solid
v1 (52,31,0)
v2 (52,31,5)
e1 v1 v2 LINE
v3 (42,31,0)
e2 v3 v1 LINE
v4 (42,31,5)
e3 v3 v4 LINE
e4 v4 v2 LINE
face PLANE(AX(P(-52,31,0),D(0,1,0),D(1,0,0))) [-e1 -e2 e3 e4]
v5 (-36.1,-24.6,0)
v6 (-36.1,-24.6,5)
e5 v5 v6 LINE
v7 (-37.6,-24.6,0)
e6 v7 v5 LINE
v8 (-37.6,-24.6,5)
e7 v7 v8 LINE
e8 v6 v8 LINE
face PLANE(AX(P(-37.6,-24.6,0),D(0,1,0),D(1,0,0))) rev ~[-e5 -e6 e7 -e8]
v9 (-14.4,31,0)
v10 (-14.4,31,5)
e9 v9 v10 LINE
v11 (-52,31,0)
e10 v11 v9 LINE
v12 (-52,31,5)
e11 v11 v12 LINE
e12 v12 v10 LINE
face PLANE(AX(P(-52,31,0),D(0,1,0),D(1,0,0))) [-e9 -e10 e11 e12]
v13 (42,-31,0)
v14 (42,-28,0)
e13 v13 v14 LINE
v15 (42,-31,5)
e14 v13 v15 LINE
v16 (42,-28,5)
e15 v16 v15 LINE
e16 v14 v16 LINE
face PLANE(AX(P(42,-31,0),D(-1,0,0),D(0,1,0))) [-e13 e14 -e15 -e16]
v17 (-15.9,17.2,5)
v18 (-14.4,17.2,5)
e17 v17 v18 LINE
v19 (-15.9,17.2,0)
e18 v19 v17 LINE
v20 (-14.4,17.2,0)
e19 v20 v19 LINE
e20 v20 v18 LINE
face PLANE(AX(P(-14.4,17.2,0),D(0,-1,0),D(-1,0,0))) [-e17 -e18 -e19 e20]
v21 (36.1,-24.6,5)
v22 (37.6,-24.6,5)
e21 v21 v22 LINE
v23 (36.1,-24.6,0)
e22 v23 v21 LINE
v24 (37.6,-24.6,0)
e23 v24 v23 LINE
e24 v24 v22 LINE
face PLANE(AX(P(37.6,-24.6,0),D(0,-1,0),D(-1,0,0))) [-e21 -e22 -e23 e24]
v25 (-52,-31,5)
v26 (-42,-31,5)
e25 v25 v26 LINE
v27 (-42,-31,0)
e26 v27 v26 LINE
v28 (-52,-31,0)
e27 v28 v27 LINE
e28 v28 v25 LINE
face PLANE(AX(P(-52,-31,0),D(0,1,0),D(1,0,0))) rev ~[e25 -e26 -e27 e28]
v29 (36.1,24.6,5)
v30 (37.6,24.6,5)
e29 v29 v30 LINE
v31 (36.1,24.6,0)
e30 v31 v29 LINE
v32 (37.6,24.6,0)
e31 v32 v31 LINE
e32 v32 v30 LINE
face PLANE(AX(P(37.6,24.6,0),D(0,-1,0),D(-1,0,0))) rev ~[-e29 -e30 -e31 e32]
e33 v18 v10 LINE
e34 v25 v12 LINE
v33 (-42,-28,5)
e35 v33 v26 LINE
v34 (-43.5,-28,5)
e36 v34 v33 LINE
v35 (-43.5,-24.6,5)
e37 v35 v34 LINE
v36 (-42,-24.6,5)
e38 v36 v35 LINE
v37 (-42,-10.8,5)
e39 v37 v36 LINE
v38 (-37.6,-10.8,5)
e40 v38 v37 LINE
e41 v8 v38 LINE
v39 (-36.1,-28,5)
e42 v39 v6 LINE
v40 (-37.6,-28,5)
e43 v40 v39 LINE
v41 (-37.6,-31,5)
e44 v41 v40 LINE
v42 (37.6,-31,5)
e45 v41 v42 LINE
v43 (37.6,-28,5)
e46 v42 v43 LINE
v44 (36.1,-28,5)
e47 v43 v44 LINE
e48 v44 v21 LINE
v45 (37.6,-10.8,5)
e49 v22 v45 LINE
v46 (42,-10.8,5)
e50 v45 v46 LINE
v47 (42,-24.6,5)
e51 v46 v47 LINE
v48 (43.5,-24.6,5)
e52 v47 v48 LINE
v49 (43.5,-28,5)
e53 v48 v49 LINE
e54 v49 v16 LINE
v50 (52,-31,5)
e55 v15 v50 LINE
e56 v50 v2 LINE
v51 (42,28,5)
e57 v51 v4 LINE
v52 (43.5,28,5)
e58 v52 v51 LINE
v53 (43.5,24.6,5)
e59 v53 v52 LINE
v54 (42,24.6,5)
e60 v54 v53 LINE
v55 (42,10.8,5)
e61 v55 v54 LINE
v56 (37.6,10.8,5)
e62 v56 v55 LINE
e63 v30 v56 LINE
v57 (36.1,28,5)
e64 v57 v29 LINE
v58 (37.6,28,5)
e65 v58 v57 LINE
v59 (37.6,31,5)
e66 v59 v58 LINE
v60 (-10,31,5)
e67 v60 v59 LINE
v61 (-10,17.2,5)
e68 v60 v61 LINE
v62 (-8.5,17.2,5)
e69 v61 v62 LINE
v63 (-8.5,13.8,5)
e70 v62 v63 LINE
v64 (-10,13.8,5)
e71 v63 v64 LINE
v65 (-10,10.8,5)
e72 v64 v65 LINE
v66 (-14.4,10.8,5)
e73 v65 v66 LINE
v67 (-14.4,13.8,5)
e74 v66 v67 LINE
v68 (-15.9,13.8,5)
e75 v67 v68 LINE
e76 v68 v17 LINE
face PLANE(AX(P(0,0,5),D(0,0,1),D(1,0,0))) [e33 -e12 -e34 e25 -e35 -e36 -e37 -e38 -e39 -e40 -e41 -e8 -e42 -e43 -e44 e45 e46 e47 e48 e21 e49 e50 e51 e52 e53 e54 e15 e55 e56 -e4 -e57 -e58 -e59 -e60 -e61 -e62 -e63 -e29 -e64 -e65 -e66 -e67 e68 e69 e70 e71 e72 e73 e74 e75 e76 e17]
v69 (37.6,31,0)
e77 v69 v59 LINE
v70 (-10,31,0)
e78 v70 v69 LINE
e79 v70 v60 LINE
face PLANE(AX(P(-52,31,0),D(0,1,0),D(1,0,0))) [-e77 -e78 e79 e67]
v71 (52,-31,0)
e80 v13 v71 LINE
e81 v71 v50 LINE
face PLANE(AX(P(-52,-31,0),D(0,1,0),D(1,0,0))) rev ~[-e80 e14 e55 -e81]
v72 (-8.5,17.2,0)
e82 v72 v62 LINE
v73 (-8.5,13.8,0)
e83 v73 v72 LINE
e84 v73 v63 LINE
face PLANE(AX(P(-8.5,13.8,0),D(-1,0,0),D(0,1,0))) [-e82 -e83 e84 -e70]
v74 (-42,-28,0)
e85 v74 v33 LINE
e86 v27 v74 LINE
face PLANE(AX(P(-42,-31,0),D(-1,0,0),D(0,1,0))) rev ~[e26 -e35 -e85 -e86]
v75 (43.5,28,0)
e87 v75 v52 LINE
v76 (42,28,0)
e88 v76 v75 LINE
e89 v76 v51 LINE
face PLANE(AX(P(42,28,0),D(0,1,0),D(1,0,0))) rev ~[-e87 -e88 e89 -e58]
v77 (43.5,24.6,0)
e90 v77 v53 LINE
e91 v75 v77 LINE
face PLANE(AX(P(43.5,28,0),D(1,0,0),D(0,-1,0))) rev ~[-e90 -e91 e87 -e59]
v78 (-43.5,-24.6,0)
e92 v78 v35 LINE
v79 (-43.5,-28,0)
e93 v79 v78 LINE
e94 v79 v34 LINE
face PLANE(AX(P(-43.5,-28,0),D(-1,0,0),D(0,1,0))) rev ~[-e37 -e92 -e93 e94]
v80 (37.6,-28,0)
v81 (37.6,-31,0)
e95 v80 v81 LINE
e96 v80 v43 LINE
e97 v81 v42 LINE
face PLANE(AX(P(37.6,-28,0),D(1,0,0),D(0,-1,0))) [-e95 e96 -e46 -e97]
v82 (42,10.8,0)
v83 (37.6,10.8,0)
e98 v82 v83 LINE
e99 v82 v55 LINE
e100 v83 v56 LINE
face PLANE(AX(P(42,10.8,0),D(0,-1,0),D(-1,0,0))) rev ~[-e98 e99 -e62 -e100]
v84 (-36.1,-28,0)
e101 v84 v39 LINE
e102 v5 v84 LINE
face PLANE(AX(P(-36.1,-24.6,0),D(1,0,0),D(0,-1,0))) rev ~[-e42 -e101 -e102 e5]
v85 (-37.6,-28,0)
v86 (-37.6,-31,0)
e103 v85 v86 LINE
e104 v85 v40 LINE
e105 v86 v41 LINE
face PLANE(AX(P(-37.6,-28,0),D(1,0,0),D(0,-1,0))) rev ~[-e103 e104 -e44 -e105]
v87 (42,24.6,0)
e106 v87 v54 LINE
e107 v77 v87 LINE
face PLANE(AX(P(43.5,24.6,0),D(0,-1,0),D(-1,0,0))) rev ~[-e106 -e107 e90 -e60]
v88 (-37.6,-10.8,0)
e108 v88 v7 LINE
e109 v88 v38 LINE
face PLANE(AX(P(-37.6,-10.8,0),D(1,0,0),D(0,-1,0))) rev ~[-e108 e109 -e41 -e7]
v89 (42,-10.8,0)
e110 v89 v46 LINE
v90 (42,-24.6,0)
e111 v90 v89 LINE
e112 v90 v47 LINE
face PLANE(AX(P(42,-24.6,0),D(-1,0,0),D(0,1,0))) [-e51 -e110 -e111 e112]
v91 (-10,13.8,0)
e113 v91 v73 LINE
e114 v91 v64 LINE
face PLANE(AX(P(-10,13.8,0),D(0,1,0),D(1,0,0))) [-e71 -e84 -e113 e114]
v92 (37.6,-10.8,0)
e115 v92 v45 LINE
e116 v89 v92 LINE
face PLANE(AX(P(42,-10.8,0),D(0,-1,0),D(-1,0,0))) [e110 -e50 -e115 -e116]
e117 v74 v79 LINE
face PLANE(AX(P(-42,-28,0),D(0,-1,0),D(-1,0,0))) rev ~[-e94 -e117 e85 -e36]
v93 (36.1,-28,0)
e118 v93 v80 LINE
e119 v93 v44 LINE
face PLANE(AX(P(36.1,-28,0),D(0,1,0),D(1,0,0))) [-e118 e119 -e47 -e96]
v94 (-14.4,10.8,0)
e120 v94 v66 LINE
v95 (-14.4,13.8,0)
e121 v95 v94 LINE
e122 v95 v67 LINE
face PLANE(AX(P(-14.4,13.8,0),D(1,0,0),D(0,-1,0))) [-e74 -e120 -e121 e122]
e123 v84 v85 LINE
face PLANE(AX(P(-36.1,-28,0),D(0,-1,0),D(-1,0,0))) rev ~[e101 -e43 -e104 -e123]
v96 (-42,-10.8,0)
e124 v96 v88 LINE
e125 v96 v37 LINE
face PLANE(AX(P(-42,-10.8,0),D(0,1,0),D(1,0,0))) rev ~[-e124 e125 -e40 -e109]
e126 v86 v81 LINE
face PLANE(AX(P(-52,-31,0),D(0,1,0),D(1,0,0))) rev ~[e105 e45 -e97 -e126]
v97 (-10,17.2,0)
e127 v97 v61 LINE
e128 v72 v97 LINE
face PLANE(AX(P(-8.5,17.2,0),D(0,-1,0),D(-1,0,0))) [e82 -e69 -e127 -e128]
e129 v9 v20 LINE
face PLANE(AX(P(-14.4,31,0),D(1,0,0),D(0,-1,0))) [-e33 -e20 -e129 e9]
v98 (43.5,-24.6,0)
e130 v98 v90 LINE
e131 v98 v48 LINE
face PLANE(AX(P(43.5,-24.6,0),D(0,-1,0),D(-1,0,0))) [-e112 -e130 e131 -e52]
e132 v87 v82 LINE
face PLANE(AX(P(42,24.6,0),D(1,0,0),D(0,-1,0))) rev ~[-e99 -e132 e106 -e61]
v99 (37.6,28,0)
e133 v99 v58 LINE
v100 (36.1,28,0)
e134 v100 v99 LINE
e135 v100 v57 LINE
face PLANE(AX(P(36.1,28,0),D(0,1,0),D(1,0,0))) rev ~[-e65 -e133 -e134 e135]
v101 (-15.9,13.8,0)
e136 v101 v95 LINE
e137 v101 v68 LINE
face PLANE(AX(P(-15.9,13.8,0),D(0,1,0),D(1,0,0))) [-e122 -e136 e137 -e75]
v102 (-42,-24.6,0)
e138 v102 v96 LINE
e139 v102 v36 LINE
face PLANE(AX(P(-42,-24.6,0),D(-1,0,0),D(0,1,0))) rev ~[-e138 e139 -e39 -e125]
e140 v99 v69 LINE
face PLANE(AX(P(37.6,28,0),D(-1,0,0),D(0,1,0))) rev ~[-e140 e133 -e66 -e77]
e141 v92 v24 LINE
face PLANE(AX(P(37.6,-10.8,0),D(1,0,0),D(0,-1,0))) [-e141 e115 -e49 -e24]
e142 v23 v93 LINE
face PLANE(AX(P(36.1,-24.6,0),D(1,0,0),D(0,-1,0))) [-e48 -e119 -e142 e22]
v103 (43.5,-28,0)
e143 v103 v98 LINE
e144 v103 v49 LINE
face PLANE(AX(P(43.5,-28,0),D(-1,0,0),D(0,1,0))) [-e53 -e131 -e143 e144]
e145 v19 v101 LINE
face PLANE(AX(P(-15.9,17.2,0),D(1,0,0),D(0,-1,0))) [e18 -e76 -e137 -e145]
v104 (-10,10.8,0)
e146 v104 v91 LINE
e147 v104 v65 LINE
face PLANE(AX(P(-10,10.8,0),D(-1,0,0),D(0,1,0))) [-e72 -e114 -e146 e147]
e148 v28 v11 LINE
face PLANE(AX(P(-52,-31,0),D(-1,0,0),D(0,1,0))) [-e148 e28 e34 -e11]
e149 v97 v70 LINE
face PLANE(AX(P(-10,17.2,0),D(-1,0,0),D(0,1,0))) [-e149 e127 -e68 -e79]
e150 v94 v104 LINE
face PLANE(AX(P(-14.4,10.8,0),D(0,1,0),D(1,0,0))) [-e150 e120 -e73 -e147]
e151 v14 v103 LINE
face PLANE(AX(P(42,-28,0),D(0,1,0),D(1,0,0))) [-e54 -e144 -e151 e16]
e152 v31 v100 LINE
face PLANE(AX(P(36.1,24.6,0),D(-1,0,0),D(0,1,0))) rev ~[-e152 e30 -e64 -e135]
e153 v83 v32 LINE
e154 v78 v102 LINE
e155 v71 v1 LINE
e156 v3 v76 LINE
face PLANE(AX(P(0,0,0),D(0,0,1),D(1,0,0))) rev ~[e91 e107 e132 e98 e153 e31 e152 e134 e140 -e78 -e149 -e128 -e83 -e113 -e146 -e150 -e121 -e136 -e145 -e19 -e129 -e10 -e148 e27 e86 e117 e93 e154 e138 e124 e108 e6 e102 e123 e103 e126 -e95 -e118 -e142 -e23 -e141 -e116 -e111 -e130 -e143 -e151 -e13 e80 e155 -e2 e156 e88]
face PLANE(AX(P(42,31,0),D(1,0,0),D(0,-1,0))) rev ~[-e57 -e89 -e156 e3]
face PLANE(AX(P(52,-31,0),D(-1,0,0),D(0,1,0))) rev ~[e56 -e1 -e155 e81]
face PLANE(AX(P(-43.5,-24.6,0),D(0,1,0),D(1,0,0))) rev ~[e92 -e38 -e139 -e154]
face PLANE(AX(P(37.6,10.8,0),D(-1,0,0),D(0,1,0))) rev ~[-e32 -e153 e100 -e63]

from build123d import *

# Parameters (mm, degrees)
SKETCH1_W           = 104
SKETCH1_H           = 62
BOSS_EXTRUDE1_DEPTH = 5
CUT_EXTRUDE1_DEPTH  = 10


with BuildPart() as part:
    # Sketch1 → Boss-Extrude1 (new body)
    with BuildSketch(Plane.XY):
        Rectangle(SKETCH1_W, SKETCH1_H)
    extrude(amount=BOSS_EXTRUDE1_DEPTH)

    # Sketch2 → Cut-Extrude1 (cut)
    with BuildSketch(Plane(origin=(0, 0, 0), x_dir=(-1, 0, 0), z_dir=(0, 0, -1))):
        Polygon((-37.6, -28), (-37.6, -31), (-42, -31), (-42, -28), (-43.5, -28), (-43.5, -24.6), (-42, -24.6), (-42, -10.8), (-37.6, -10.8), (-37.6, -24.6), (-36.1, -24.6), (-36.1, -28), align=None)
        Polygon((42, -31), (42, -28), (43.5, -28), (43.5, -24.6), (42, -24.6), (42, -10.8), (37.6, -10.8), (37.6, -24.6), (36.1, -24.6), (36.1, -28), (37.6, -28), (37.6, -31), align=None)
        Polygon((-42, 31), (-42, 28), (-43.5, 28), (-43.5, 24.6), (-42, 24.6), (-42, 10.8), (-37.6, 10.8), (-37.6, 24.6), (-36.1, 24.6), (-36.1, 28), (-37.6, 28), (-37.6, 31), align=None)
        Polygon((14.4, 13.8), (14.4, 10.8), (10, 10.8), (10, 13.8), (8.5, 13.8), (8.5, 17.2), (10, 17.2), (10, 31), (14.4, 31), (14.4, 17.2), (15.9, 17.2), (15.9, 13.8), align=None)
    extrude(amount=-CUT_EXTRUDE1_DEPTH, mode=Mode.SUBTRACT)


solid = part.part
